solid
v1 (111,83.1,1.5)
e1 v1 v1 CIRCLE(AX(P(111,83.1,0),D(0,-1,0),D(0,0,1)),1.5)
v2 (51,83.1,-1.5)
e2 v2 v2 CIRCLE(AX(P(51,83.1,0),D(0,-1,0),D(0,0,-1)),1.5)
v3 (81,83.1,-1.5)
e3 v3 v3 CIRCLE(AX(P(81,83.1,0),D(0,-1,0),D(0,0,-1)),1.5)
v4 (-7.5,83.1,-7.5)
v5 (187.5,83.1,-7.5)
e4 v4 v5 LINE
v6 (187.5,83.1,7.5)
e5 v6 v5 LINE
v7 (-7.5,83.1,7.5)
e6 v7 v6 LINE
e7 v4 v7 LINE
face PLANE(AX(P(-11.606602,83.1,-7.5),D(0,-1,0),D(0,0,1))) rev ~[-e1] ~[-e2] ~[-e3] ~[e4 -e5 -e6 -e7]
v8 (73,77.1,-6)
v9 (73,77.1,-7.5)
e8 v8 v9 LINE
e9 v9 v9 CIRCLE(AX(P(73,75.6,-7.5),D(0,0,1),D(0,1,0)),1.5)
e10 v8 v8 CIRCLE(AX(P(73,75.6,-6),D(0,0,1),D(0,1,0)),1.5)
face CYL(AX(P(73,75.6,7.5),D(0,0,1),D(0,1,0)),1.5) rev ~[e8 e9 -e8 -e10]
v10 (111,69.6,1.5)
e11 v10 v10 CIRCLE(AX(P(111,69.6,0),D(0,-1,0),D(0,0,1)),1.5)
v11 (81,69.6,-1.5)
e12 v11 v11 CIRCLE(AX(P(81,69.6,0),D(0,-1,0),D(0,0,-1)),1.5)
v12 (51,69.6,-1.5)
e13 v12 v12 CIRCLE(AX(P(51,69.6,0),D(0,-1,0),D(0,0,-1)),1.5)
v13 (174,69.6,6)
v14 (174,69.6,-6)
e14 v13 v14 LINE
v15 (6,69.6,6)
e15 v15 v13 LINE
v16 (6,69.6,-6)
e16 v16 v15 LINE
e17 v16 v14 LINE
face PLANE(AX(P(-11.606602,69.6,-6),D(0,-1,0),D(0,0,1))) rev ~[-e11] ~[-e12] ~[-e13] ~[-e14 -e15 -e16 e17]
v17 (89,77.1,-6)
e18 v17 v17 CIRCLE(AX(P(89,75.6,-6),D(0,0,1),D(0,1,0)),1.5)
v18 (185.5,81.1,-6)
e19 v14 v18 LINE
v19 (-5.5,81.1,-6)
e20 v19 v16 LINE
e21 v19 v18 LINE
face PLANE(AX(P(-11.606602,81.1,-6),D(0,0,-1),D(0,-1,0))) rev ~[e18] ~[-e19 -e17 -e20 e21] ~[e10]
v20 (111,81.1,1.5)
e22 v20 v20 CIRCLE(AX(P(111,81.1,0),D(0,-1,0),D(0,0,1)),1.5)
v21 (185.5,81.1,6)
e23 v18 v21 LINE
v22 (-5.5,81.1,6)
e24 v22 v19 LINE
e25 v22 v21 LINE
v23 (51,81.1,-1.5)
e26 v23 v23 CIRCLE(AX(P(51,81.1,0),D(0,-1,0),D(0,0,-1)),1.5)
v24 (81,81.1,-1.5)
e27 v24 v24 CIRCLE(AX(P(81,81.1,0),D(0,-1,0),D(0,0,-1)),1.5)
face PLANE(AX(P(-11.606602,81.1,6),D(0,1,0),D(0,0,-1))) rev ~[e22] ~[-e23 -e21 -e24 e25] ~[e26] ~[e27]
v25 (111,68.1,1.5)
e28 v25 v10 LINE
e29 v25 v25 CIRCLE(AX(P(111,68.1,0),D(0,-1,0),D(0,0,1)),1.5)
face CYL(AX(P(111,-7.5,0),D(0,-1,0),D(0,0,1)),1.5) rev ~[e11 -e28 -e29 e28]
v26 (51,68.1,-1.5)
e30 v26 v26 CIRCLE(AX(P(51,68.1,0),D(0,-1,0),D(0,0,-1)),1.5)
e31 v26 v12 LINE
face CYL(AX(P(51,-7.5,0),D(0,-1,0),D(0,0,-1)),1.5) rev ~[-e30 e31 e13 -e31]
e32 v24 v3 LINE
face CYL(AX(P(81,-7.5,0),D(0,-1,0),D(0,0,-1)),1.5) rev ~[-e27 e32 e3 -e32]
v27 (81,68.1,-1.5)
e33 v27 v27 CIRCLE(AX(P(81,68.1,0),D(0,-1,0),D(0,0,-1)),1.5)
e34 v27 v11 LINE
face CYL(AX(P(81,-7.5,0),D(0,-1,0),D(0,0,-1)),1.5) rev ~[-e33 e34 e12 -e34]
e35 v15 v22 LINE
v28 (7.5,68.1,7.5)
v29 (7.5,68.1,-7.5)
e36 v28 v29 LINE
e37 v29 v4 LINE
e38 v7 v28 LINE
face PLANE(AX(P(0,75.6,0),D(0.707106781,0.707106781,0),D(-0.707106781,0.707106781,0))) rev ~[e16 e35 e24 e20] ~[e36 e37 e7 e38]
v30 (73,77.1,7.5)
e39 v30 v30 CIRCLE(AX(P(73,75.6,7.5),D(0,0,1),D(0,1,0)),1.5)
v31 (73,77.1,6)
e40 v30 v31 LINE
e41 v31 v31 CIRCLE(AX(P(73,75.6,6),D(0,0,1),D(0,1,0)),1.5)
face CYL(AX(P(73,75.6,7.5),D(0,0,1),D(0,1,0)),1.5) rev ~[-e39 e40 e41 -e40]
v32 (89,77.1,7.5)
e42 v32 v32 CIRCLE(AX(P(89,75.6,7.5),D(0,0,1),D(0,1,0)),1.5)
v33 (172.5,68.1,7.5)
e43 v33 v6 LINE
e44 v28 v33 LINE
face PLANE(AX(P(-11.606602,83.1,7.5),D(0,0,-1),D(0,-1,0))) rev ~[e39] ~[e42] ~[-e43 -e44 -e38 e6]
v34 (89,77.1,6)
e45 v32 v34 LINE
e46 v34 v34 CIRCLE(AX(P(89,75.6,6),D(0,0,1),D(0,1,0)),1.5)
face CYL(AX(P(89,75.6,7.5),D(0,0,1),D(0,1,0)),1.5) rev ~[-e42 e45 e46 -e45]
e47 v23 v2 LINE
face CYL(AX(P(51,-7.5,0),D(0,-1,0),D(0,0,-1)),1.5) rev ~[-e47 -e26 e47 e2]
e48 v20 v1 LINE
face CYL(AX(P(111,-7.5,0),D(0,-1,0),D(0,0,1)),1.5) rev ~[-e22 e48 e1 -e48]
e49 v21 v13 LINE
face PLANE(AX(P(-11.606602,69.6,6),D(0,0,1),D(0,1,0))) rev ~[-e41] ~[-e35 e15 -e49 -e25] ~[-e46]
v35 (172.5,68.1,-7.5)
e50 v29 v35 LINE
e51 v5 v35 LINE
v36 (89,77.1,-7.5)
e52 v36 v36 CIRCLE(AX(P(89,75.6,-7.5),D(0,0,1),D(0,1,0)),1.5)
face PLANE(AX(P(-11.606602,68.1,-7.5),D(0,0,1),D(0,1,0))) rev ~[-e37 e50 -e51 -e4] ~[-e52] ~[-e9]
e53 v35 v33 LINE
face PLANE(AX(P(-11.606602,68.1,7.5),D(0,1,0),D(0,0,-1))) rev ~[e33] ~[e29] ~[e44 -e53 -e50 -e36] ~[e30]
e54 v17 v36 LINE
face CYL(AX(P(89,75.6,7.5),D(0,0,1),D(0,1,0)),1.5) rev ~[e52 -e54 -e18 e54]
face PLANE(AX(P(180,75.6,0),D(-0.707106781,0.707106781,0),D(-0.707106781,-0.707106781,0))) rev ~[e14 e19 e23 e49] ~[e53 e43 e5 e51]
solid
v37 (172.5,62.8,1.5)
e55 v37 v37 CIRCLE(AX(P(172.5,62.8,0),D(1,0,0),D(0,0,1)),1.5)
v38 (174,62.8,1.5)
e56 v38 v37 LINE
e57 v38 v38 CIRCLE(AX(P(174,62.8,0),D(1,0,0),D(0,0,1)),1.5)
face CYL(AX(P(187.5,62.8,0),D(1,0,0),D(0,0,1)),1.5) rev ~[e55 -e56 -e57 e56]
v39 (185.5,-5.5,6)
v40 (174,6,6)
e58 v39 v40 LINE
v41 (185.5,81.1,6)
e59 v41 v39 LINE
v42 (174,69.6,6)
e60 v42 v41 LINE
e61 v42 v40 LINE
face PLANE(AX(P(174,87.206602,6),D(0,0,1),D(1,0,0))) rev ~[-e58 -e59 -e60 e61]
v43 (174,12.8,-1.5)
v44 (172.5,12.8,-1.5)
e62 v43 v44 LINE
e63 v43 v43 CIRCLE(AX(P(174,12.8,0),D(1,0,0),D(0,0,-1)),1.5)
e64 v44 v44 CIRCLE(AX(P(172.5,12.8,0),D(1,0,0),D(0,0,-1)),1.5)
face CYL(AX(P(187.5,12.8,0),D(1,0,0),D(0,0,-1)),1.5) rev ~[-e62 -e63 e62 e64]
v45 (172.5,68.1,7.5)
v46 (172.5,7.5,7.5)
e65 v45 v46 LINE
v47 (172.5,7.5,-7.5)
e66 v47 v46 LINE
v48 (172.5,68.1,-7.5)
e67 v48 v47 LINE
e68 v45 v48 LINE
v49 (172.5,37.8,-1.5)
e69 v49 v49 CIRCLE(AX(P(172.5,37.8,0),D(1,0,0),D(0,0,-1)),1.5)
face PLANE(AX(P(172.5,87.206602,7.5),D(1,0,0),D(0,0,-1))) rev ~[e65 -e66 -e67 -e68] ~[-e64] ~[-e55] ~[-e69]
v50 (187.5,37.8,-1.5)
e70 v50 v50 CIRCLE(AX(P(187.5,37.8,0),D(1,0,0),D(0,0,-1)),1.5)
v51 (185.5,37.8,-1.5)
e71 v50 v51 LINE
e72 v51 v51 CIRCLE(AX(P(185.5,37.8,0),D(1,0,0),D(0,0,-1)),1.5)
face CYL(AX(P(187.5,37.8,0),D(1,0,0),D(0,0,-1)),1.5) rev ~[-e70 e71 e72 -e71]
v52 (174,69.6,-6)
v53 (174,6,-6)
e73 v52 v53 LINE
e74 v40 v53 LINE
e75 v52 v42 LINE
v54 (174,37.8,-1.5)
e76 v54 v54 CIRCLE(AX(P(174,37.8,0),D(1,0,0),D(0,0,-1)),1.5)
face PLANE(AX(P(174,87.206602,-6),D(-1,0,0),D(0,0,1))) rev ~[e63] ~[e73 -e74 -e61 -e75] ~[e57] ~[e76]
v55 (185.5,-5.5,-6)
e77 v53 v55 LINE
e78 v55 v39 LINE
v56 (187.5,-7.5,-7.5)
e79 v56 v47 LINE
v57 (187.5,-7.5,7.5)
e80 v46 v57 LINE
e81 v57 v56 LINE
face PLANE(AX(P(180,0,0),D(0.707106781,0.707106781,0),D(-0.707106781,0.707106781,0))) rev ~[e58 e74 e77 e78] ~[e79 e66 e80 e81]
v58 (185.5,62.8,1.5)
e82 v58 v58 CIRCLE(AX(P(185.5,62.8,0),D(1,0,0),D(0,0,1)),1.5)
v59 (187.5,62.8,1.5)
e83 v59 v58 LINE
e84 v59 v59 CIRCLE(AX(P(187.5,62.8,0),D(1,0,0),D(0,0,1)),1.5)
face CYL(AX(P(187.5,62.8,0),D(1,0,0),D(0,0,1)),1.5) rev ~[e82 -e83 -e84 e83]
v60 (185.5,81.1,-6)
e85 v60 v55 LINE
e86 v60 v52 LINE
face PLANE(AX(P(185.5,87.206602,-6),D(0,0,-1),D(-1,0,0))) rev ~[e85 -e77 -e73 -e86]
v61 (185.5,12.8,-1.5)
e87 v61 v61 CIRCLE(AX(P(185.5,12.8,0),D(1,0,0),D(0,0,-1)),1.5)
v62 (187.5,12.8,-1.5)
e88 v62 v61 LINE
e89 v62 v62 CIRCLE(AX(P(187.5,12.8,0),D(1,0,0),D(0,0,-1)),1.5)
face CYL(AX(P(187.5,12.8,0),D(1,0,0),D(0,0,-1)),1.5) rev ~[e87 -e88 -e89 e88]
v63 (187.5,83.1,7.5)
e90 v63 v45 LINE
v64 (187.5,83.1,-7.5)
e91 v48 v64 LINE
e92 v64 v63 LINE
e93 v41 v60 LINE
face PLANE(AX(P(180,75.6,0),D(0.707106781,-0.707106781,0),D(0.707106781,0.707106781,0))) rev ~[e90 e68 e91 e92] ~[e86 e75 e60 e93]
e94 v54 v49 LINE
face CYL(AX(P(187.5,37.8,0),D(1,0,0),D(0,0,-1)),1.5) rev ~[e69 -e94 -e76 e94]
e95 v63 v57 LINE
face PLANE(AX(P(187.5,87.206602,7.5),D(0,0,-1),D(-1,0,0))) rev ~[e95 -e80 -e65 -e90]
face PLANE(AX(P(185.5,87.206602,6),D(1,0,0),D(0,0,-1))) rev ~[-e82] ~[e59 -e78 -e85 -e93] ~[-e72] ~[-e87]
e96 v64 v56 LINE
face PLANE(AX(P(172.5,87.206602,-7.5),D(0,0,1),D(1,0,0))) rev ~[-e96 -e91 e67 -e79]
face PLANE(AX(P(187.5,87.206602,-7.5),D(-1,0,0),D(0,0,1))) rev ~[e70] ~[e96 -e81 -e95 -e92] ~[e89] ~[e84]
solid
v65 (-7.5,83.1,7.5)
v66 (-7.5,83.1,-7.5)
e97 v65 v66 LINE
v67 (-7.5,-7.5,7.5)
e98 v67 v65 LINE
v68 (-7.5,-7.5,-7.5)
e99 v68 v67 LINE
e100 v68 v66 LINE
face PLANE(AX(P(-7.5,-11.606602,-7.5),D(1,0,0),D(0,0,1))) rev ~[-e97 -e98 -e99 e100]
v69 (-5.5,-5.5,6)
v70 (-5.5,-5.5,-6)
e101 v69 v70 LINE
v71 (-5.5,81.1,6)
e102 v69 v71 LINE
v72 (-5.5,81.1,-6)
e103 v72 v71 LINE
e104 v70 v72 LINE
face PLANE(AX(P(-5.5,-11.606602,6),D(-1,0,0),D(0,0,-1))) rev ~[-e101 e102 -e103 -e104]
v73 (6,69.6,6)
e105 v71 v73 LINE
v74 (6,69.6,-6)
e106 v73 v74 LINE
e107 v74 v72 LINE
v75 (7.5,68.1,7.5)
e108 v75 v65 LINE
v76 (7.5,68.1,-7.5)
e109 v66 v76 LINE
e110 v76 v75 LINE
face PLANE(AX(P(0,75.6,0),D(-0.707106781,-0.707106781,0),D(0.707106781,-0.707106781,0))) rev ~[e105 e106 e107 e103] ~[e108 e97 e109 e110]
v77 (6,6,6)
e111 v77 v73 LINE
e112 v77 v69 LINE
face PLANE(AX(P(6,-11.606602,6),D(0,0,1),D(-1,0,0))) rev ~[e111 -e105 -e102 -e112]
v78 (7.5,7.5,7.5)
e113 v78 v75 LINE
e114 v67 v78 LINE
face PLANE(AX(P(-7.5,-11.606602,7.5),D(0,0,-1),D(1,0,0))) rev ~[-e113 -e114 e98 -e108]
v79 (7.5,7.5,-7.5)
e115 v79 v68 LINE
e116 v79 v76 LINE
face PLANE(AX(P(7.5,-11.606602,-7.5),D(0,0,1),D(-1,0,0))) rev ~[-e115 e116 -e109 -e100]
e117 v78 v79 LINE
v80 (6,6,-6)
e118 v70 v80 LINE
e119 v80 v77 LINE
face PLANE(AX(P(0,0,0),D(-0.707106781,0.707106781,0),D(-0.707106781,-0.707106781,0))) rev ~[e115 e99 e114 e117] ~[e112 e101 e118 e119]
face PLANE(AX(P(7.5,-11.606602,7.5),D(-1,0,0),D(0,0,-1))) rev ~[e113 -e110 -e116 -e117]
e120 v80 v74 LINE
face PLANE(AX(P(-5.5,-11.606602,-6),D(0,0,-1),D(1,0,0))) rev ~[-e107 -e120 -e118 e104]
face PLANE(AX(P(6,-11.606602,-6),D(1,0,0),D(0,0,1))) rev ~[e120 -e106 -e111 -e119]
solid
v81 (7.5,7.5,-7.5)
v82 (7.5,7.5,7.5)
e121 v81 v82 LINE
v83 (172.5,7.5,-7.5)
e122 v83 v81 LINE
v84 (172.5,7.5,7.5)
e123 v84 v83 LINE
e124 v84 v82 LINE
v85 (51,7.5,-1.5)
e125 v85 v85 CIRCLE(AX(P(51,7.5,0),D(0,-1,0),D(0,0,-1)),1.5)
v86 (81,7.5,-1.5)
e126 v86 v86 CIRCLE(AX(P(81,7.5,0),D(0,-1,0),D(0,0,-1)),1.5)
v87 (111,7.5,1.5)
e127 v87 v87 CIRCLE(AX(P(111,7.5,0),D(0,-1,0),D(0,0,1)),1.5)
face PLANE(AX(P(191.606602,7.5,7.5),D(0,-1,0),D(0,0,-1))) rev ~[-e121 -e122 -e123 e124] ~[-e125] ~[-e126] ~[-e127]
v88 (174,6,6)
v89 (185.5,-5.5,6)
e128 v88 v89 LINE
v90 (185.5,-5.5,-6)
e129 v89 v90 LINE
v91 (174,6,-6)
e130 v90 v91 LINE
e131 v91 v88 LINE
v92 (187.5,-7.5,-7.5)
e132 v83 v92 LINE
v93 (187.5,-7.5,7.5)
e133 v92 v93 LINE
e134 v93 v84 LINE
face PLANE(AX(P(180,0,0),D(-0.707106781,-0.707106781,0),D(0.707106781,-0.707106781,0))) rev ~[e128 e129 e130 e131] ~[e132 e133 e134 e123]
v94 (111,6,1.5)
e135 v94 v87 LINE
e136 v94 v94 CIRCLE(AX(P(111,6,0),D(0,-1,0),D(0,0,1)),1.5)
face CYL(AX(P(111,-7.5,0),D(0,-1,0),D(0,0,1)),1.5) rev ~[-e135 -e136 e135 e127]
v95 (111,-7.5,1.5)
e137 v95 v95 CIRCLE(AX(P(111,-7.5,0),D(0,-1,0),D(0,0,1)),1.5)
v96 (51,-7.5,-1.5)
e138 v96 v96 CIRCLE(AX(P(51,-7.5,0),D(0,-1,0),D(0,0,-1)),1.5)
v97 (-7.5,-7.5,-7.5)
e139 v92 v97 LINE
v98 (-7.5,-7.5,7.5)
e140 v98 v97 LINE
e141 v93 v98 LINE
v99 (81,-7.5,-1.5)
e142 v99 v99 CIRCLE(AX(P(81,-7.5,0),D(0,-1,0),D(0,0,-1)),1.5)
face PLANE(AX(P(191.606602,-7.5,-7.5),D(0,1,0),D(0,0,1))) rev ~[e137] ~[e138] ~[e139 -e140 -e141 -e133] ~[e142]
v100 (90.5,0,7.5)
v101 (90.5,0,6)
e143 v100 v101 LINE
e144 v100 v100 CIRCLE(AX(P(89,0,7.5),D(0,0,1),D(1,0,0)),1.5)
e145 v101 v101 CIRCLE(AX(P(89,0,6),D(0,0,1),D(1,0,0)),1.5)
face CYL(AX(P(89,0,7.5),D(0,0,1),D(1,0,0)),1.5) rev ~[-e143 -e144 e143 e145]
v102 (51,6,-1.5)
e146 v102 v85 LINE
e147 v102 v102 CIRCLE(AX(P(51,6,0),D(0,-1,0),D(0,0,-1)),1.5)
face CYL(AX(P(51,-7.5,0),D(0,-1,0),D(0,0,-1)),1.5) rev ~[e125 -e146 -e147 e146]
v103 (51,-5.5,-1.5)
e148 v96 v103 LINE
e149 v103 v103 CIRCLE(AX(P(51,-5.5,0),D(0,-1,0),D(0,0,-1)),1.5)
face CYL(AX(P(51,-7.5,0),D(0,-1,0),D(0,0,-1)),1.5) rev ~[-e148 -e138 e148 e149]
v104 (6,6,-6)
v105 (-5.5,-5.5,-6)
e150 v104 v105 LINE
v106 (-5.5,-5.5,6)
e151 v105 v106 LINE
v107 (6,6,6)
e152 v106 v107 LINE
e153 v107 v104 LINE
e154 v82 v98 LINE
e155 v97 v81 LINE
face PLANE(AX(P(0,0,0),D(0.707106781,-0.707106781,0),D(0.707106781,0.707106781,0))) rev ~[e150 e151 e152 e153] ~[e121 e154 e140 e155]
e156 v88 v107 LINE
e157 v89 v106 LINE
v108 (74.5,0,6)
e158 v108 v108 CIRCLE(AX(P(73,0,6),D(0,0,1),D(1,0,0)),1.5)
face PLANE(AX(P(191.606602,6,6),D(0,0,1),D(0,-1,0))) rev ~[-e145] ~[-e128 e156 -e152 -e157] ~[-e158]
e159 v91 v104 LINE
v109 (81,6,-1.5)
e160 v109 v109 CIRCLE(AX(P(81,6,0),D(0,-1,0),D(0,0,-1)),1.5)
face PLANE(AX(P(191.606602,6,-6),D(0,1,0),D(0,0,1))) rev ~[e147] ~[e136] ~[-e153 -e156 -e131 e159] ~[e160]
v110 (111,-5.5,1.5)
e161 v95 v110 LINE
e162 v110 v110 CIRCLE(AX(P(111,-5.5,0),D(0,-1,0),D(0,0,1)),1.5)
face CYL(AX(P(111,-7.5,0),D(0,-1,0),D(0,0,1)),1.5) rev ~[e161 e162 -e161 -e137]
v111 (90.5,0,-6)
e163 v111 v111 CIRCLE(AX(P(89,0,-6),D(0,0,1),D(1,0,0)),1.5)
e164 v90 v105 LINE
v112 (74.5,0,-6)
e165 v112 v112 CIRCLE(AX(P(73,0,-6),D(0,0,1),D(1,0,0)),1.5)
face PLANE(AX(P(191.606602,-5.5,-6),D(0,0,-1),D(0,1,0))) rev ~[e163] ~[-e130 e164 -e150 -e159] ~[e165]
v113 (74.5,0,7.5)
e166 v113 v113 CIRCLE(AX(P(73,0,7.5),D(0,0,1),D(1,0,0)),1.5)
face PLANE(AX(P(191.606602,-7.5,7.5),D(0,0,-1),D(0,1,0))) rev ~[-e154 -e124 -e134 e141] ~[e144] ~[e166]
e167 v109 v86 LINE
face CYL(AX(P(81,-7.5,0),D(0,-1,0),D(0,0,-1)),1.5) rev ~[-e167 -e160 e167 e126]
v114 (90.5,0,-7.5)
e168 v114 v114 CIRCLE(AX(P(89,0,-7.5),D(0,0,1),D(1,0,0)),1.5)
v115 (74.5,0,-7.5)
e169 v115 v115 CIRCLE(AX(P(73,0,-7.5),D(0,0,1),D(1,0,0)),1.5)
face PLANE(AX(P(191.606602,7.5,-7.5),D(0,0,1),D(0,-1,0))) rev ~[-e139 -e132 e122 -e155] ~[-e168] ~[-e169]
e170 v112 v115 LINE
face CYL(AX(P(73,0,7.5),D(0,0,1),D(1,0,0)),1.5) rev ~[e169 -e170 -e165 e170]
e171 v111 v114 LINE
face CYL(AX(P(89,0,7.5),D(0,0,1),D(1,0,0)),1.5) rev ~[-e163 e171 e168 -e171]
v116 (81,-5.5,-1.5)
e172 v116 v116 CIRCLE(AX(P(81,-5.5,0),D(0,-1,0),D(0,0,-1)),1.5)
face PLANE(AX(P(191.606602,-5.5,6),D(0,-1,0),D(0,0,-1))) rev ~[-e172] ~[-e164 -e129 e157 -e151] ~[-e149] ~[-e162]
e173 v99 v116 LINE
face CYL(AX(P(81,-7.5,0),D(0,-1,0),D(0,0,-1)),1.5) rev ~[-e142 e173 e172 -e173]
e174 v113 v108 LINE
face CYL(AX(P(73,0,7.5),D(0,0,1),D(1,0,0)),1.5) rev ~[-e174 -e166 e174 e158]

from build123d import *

# Parameters (mm, degrees)
MEMBER_15_15_1_5_1_DEPTH      = 87.206601718
MEMBER_15_15_1_5_1_DEPTH_BACK = 11.606601718
MEMBER_15_15_1_5_1_2_DEPTH    = 203.213203436
MEMBER_15_15_1_5_1_3_DEPTH    = 98.813203436
MEMBER_15_15_1_5_1_4_DEPTH    = 203.213203436
SKETCH_3_R                    = 1.5
CUT_EXTRUDE_1_DEPTH           = 209.376726148
SKETCH_4_R                    = 1.5
CUT_EXTRUDE_2_DEPTH           = 206.637691098
SKETCH_6_R                    = 1.5
CUT_EXTRUDE_3_DEPTH           = 15


with BuildPart() as part:
    # Sketch1 → Member 15 _15_ 1.5_1 (new, two sides: drawn at the far end of the back side and taken through both)
    with BuildSketch(Plane(origin=(0, 0, 0), x_dir=(1, 0, 0), z_dir=(0, 1, 0)).offset(-MEMBER_15_15_1_5_1_DEPTH_BACK)):
        Polygon((-6, -7.5), (6, -7.5), (7.5, -7.5), (7.5, -6), (7.5, 6), (7.5, 7.5), (6, 7.5), (-6, 7.5), (-7.5, 7.5), (-7.5, 6), (-7.5, -6), (-7.5, -7.5), align=None)
        Polygon((-4, -6), (4, -6), (6, -6), (6, -3.5), (6, 3.5), (6, 6), (3.5, 6), (-3.5, 6), (-5.5, 6), (-5.5, 3.5), (-5.5, -3.5), (-5.5, -6), align=None, mode=Mode.SUBTRACT)
    extrude(amount=MEMBER_15_15_1_5_1_DEPTH + MEMBER_15_15_1_5_1_DEPTH_BACK)

    # Member 15 _15_ 1.5_1 mitre 1
    split(bisect_by=Plane(origin=(0, 0, 0), x_dir=(-0.707106781, -0.707106781, 0), z_dir=(-0.707106781, 0.707106781, 0)), keep=Keep.TOP)

    # Member 15 _15_ 1.5_1 mitre 2
    split(bisect_by=Plane(origin=(0, 75.6, 0), x_dir=(0.707106781, -0.707106781, 0), z_dir=(-0.707106781, -0.707106781, 0)), keep=Keep.TOP)


with BuildPart() as body_2:
    # Sketch1 on segment 2 (carried to segment 2) → Member 15 _15_ 1.5_1 2 (new body)
    with BuildSketch(Plane(origin=(-11.606601718, 75.6, 0), x_dir=(0, -1, 0), z_dir=(1, 0, 0))):
        Polygon((-6, -7.5), (6, -7.5), (7.5, -7.5), (7.5, -6), (7.5, 6), (7.5, 7.5), (6, 7.5), (-6, 7.5), (-7.5, 7.5), (-7.5, 6), (-7.5, -6), (-7.5, -7.5), align=None)
        Polygon((-4, -6), (4, -6), (6, -6), (6, -3.5), (6, 3.5), (6, 6), (3.5, 6), (-3.5, 6), (-5.5, 6), (-5.5, 3.5), (-5.5, -3.5), (-5.5, -6), align=None, mode=Mode.SUBTRACT)
    extrude(amount=MEMBER_15_15_1_5_1_2_DEPTH)

    # Member 15 _15_ 1.5_1 2 mitre 1
    split(bisect_by=Plane(origin=(0, 75.6, 0), x_dir=(-0.707106781, 0.707106781, 0), z_dir=(0.707106781, 0.707106781, 0)), keep=Keep.TOP)

    # Member 15 _15_ 1.5_1 2 mitre 2
    split(bisect_by=Plane(origin=(180, 75.6, 0), x_dir=(-0.707106781, -0.707106781, 0), z_dir=(-0.707106781, 0.707106781, 0)), keep=Keep.TOP)


with BuildPart() as body_3:
    # Sketch1 on segment 3 (carried to segment 3) → Member 15 _15_ 1.5_1 3 (new body)
    with BuildSketch(Plane(origin=(180, 87.206601718, 0), x_dir=(-1, 0, 0), z_dir=(0, -1, 0))):
        Polygon((-6, -7.5), (6, -7.5), (7.5, -7.5), (7.5, -6), (7.5, 6), (7.5, 7.5), (6, 7.5), (-6, 7.5), (-7.5, 7.5), (-7.5, 6), (-7.5, -6), (-7.5, -7.5), align=None)
        Polygon((-4, -6), (4, -6), (6, -6), (6, -3.5), (6, 3.5), (6, 6), (3.5, 6), (-3.5, 6), (-5.5, 6), (-5.5, 3.5), (-5.5, -3.5), (-5.5, -6), align=None, mode=Mode.SUBTRACT)
    extrude(amount=MEMBER_15_15_1_5_1_3_DEPTH)

    # Member 15 _15_ 1.5_1 3 mitre 1
    split(bisect_by=Plane(origin=(180, 0, 0), x_dir=(-0.707106781, 0.707106781, 0), z_dir=(0.707106781, 0.707106781, 0)), keep=Keep.TOP)

    # Member 15 _15_ 1.5_1 3 mitre 2
    split(bisect_by=Plane(origin=(180, 75.6, 0), x_dir=(0.707106781, 0.707106781, 0), z_dir=(0.707106781, -0.707106781, 0)), keep=Keep.TOP)

    # 草图6 → 切除-拉伸3 (cut)
    with BuildSketch(Plane(origin=(187.5, 0, 0), x_dir=(0, 0, -1), z_dir=(1, 0, 0))):
        with Locations((0, 37.8)):
            Circle(SKETCH_6_R)
        with Locations((0, 12.8)):
            Circle(SKETCH_6_R)
        with Locations(Location((0, 62.8, 0), (0, 0, 180))):
            Circle(SKETCH_6_R)
    extrude(amount=-CUT_EXTRUDE_3_DEPTH, mode=Mode.SUBTRACT)


with BuildPart() as body_4:
    # Sketch1 on segment 4 (carried to segment 4) → Member 15 _15_ 1.5_1 4 (new body)
    with BuildSketch(Plane(origin=(191.606601718, 0, 0), x_dir=(0, 1, 0), z_dir=(-1, 0, 0))):
        Polygon((-6, -7.5), (6, -7.5), (7.5, -7.5), (7.5, -6), (7.5, 6), (7.5, 7.5), (6, 7.5), (-6, 7.5), (-7.5, 7.5), (-7.5, 6), (-7.5, -6), (-7.5, -7.5), align=None)
        Polygon((-4, -6), (4, -6), (6, -6), (6, -3.5), (6, 3.5), (6, 6), (3.5, 6), (-3.5, 6), (-5.5, 6), (-5.5, 3.5), (-5.5, -3.5), (-5.5, -6), align=None, mode=Mode.SUBTRACT)
    extrude(amount=MEMBER_15_15_1_5_1_4_DEPTH)

    # Member 15 _15_ 1.5_1 4 mitre 1
    split(bisect_by=Plane(origin=(0, 0, 0), x_dir=(0.707106781, 0.707106781, 0), z_dir=(0.707106781, -0.707106781, 0)), keep=Keep.TOP)

    # Member 15 _15_ 1.5_1 4 mitre 2
    split(bisect_by=Plane(origin=(180, 0, 0), x_dir=(0.707106781, -0.707106781, 0), z_dir=(-0.707106781, -0.707106781, 0)), keep=Keep.TOP)


with BuildPart() as cut_extrude_1_tool:
    # 草图3 → 切除-拉伸1 (new, through all)
    with BuildSketch(Plane.XZ.offset(7.5)):
        with Locations(Location((81, 0, 0), (0, 0, 270))):
            Circle(SKETCH_3_R)
        with Locations(Location((51, 0, 0), (0, 0, 270))):
            Circle(SKETCH_3_R)
        with Locations(Location((111, 0, 0), (0, 0, 90))):
            Circle(SKETCH_3_R)
    extrude(amount=-CUT_EXTRUDE_1_DEPTH)


with BuildPart() as body_2_1:
    add(body_2.part)

    # 切除-拉伸1: cut by cut_extrude_1_tool
    add(cut_extrude_1_tool.part, mode=Mode.SUBTRACT)


with BuildPart() as body_4_1:
    add(body_4.part)

    # 切除-拉伸1: cut by cut_extrude_1_tool
    add(cut_extrude_1_tool.part, mode=Mode.SUBTRACT)


with BuildPart() as cut_extrude_2_tool:
    # 草图4 → 切除-拉伸2 (new, through all)
    with BuildSketch(Plane.XY.offset(7.5)):
        with Locations((89, 0)):
            Circle(SKETCH_4_R)
        with Locations((73, 0)):
            Circle(SKETCH_4_R)
        with Locations(Location((73, 75.6, 0), (0, 0, 90))):
            Circle(SKETCH_4_R)
        with Locations(Location((89, 75.6, 0), (0, 0, 90))):
            Circle(SKETCH_4_R)
    extrude(amount=-CUT_EXTRUDE_2_DEPTH)


with BuildPart() as body_2_2:
    add(body_2_1.part)

    # 切除-拉伸2: cut by cut_extrude_2_tool
    add(cut_extrude_2_tool.part, mode=Mode.SUBTRACT)


with BuildPart() as body_4_2:
    add(body_4_1.part)

    # 切除-拉伸2: cut by cut_extrude_2_tool
    add(cut_extrude_2_tool.part, mode=Mode.SUBTRACT)


solid = Compound([part.part, body_3.part, body_2_2.part, body_4_2.part])
